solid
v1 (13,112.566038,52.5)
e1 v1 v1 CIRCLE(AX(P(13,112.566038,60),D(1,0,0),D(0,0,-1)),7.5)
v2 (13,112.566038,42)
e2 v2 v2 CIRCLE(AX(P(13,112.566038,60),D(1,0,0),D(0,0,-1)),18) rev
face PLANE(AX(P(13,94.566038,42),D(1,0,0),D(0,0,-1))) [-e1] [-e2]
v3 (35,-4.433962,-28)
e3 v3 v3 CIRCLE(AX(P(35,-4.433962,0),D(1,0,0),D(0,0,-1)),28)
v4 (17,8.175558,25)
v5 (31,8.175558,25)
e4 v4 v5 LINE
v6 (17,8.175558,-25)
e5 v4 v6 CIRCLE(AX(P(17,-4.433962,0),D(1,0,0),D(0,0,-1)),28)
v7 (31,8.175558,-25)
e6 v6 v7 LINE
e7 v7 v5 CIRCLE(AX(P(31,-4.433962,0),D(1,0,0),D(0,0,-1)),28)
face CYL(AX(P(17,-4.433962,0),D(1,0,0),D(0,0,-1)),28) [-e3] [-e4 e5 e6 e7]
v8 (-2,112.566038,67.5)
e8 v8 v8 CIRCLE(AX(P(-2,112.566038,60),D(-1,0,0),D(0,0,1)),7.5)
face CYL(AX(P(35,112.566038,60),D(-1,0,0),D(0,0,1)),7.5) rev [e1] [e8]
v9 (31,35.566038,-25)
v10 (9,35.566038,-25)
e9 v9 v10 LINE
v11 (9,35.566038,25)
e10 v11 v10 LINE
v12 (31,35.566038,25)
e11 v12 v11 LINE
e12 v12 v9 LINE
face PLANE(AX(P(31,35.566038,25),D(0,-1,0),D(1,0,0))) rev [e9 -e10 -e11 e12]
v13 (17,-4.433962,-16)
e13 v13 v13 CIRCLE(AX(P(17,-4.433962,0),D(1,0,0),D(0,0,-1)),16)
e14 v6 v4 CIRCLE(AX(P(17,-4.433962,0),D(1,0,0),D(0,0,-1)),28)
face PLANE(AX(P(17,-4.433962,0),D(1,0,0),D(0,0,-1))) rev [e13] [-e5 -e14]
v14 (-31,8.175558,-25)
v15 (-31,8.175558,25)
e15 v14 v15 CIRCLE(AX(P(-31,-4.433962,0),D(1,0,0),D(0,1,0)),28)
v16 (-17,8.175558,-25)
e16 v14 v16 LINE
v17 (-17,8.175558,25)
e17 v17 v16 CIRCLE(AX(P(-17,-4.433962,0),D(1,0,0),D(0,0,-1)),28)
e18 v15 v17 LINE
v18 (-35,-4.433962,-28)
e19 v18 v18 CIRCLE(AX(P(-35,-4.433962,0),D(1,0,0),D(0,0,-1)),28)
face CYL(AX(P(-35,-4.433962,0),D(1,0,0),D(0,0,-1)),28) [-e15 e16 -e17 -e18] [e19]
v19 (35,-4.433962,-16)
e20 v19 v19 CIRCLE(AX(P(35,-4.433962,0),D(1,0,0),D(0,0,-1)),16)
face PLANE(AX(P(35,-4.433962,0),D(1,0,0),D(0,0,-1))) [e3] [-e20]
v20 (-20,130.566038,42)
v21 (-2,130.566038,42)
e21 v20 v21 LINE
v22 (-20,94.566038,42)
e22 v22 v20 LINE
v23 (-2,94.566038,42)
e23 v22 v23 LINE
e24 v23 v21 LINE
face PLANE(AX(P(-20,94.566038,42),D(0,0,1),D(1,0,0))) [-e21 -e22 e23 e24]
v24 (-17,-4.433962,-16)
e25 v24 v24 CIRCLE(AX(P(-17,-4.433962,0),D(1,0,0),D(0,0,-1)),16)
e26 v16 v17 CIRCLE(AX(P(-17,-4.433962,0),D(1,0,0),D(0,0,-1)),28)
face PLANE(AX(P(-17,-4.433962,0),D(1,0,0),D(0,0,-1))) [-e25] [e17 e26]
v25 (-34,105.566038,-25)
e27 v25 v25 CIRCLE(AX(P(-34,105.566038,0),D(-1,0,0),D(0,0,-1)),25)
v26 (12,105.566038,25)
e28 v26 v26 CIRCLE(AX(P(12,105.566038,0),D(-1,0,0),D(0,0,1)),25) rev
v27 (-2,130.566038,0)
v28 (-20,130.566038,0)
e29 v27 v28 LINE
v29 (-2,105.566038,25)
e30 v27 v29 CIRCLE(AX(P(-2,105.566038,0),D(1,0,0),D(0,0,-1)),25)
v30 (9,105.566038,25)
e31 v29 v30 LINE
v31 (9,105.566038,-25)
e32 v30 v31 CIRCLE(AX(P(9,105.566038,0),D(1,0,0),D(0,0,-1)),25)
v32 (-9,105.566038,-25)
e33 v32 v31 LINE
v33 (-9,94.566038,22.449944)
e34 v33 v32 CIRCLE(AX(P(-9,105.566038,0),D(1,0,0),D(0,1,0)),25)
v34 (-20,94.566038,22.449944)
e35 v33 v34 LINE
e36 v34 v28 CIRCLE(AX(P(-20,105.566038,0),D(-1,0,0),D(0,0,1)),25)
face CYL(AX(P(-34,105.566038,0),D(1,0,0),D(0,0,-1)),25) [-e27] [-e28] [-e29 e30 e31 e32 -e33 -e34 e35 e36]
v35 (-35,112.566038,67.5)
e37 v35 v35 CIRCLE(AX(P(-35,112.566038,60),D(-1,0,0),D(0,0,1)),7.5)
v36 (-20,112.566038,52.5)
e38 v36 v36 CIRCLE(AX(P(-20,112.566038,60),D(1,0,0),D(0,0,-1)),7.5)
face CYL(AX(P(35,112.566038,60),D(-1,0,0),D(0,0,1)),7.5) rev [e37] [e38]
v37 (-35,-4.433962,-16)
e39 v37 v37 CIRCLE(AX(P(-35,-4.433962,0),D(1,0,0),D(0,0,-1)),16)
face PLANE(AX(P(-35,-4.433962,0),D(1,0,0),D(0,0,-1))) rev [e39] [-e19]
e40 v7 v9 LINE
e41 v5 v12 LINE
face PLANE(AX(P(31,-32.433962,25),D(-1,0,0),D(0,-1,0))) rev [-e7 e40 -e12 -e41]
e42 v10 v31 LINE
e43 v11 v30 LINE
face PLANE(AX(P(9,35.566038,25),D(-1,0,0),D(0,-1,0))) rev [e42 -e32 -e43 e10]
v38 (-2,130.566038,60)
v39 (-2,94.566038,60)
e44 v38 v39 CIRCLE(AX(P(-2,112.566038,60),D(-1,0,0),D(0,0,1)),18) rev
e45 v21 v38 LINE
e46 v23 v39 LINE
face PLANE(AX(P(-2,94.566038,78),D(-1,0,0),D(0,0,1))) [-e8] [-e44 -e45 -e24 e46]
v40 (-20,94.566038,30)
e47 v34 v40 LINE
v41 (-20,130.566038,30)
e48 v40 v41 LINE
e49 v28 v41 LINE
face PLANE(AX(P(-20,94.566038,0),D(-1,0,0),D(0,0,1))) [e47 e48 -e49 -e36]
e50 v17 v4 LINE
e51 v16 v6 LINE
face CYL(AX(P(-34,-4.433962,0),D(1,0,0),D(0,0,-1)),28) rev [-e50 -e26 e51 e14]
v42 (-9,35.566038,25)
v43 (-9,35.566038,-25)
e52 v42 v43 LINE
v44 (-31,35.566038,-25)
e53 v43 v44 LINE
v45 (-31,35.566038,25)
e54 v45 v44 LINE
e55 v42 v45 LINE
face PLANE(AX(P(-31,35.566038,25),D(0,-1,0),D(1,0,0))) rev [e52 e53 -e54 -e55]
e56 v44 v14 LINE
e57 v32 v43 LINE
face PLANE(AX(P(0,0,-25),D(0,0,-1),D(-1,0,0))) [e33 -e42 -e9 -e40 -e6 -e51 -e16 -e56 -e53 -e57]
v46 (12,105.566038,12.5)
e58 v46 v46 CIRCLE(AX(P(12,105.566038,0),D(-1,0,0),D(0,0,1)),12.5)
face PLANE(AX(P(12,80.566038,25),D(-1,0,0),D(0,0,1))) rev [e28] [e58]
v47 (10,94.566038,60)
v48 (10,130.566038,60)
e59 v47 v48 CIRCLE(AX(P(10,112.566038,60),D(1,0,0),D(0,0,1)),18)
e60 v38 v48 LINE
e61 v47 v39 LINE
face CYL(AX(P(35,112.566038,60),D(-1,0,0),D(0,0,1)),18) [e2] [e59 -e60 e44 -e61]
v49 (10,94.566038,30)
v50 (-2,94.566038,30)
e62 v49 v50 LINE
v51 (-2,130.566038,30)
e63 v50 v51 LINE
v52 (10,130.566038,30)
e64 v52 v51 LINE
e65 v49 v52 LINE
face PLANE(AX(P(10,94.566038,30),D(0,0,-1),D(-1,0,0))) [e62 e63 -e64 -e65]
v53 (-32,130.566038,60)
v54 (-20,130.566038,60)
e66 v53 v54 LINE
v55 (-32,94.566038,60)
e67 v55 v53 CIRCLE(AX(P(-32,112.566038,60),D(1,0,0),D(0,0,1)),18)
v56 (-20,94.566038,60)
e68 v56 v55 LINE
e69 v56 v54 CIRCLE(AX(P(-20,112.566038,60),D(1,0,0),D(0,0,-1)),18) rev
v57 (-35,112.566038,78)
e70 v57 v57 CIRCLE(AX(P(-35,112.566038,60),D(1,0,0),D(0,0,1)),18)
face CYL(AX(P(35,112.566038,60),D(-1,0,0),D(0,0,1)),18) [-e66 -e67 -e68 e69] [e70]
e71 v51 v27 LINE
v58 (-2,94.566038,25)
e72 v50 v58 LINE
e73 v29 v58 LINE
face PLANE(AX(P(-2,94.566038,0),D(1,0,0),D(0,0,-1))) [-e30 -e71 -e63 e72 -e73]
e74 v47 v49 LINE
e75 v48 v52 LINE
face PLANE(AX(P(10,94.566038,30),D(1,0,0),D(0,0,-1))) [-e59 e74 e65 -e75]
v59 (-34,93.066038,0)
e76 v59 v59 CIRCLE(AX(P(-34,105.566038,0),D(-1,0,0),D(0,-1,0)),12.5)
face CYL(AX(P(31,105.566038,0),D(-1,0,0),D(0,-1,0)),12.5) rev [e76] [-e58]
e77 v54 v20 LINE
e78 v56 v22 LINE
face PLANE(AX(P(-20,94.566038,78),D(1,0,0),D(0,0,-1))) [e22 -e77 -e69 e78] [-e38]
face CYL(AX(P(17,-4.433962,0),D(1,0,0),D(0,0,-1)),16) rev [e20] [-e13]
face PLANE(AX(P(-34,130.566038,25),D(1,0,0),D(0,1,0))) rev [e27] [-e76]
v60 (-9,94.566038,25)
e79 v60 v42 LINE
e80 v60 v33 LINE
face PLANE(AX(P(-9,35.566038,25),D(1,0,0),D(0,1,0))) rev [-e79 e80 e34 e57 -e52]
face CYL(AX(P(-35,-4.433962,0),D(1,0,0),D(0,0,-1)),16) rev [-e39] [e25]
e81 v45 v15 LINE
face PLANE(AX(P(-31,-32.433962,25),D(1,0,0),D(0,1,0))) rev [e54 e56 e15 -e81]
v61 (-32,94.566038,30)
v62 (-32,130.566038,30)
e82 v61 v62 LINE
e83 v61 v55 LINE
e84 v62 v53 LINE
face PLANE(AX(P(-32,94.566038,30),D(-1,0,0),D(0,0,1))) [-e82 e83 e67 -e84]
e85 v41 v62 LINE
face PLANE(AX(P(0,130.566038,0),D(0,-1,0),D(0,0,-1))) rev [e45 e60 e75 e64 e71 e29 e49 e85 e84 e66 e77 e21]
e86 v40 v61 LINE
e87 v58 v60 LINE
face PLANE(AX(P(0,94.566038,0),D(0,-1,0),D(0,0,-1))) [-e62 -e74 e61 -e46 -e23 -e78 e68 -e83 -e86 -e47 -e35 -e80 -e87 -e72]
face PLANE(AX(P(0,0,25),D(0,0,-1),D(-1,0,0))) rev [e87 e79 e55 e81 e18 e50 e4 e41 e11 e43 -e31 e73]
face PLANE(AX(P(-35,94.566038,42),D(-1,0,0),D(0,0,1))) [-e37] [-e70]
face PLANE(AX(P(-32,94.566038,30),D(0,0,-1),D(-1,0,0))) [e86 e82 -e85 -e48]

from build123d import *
from build123d.topology import SkipClean

# Parameters (mm, degrees)
BOSS_EXTRUDE1_DEPTH = 25
CUT_EXTRUDE1_DEPTH  = 148.978005832
CUT_EXTRUDE9_DEPTH  = 3
CUT_EXTRUDE10_START = -25
CUT_EXTRUDE10_DEPTH = 173.978005832
SKETCH6_3_R         = 12.5
CUT_EXTRUDE11_DEPTH = 148.978005832
BOSS_EXTRUDE2_START = 4
SKETCH7_R           = 28
SKETCH7_R_2         = 16
BOSS_EXTRUDE2_DEPTH = 18
LPATTERN1_COUNT     = 2
LPATTERN1_PITCH     = 52
BOSS_EXTRUDE3_DEPTH = 36
SKETCH9_R           = 12.5
CUT_EXTRUDE12_DEPTH = 168.010449404
CUT_EXTRUDE13_DEPTH = 168.426073866
CUT_EXTRUDE14_DEPTH = 3
LPATTERN2_COUNT     = 2
LPATTERN2_PITCH     = 45
SKETCH12_R          = 7.5
CUT_EXTRUDE15_DEPTH = 168.426073866


with BuildPart() as part:
    # Sketch2 → Boss-Extrude1 (new, symmetric)
    with BuildSketch(Plane.XY):
        Polygon((-1, -32.433962264), (31, -32.433962264), (31, 35.566037736), (9, 35.566037736), (9, 80.566037736), (12, 80.566037736), (12, 130.566037736), (0, 130.566037736), (-34, 130.566037736), (-34, 80.566037736), (-9, 80.566037736), (-9, 35.566037736), (-31, 35.566037736), (-31, -32.433962264), align=None)
    extrude(amount=BOSS_EXTRUDE1_DEPTH, both=True)

    # Sketch3 → Cut-Extrude1 (cut, through all)
    with BuildSketch(Plane(origin=(31, 0, 0), x_dir=(0, 0, -1), z_dir=(1, 0, 0))):
        with BuildLine():
            Line((-28, -4.433962264), (-30.641953589, -47.1115747))
            Line((-30.641953589, -47.1115747), (44.761332348, -47.1115747))
            Line((44.761332348, -47.1115747), (28, -4.433962264))
            ThreePointArc((28, -4.433962264), (0, 23.566037736), (-28, -4.433962264))
        make_face()
        with BuildLine():
            Line((-25, 105.566037736), (-43.623428006, 147.748377779))
            Line((-43.623428006, 147.748377779), (44.761332348, 142.473077281))
            Line((44.761332348, 142.473077281), (25, 105.566037736))
            ThreePointArc((25, 105.566037736), (0, 130.566037736), (-25, 105.566037736))
        make_face()
    extrude(amount=-CUT_EXTRUDE1_DEPTH, mode=Mode.SUBTRACT)

    # Sketch5 → Cut-Extrude9 (cut)
    with SkipClean():  # the faces are left unmerged after this step: merging them gives an invalid solid
        with BuildSketch(Plane(origin=(12, 0, 0), x_dir=(0, 0, -1), z_dir=(1, 0, 0))):
            with BuildLine():
                ThreePointArc((25, 105.566037736), (17.677669479, 87.888368155), (-1.45e-07, 80.566037736))
                Line((-1.45e-07, 80.566037736), (25, 80.566037736))
                Line((25, 80.566037736), (25, 105.566037736))
            make_face()
            with BuildLine():
                ThreePointArc((-1.45e-07, 80.566037736), (-17.677669581, 87.888368257), (-25, 105.566037736))
                Line((-25, 105.566037736), (-25, 80.566037736))
                Line((-25, 80.566037736), (-1.45e-07, 80.566037736))
            make_face()
        extrude(amount=-CUT_EXTRUDE9_DEPTH, mode=Mode.SUBTRACT)

    # Sketch6 → Cut-Extrude10 (cut, through all)
    with SkipClean():  # the faces are left unmerged after this step: merging them gives an invalid solid
        with BuildSketch(Plane.ZY.offset(34).offset(CUT_EXTRUDE10_START)):
            with BuildLine():
                Line((25, 80.566037736), (25, 105.566037736))
                ThreePointArc((25, 105.566037736), (17.6776695, 87.888368176), (-8.4e-08, 80.566037736))
                Line((-8.4e-08, 80.566037736), (25, 80.566037736))
            make_face()
            with BuildLine():
                ThreePointArc((-8.4e-08, 80.566037736), (-17.677669559, 87.888368236), (-25, 105.566037736))
                Line((-25, 105.566037736), (-25, 80.566037736))
                Line((-25, 80.566037736), (-8.4e-08, 80.566037736))
            make_face()
        extrude(amount=CUT_EXTRUDE10_DEPTH, mode=Mode.SUBTRACT)

    # Sketch6<3> → Cut-Extrude11 (cut, through all)
    with SkipClean():  # the faces are left unmerged after this step: merging them gives an invalid solid
        with BuildSketch(Plane.ZY.offset(34)):
            with Locations(Location((0, 105.566037736, 0), (0, 0, 270))):
                Circle(SKETCH6_3_R)
        extrude(amount=-CUT_EXTRUDE11_DEPTH, mode=Mode.SUBTRACT)

    # Sketch7 → Boss-Extrude2 (add)
    with SkipClean():  # the faces are left unmerged after this step: merging them gives an invalid solid
        with BuildSketch(Plane(origin=(31, 0, 0), x_dir=(0, 0, -1), z_dir=(1, 0, 0)).offset(BOSS_EXTRUDE2_START)):
            with Locations((0, -4.433962264)):
                Circle(SKETCH7_R)
            with Locations((0, -4.433962264)):
                Circle(SKETCH7_R_2, mode=Mode.SUBTRACT)
        boss_extrude2 = extrude(amount=-BOSS_EXTRUDE2_DEPTH)

    # LPattern1: Boss-Extrude2 ×2
    with SkipClean():  # the faces are left unmerged after this step: merging them gives an invalid solid
        with Locations(*[(-i * LPATTERN1_PITCH, 0, 0) for i in range(1, LPATTERN1_COUNT)]):
            add(boss_extrude2)

    # Sketch8 → Boss-Extrude3 (add)
    with SkipClean():  # the faces are left unmerged after this step: merging them gives an invalid solid
        with BuildSketch(Plane(origin=(0, 130.566037736, 0), x_dir=(1, 0, 0), z_dir=(0, 1, 0))):
            Polygon((-20, 0), (-2, 0), (-2, -30), (10, -30), (10, -42), (13, -42), (13, -78), (-2, -78), (-2, -42), (-20, -42), (-20, -78), (-35, -78), (-35, -42), (-32, -42), (-32, -30), (-20, -30), align=None)
        extrude(amount=-BOSS_EXTRUDE3_DEPTH)

    # Sketch9 → Cut-Extrude12 (cut, through all)
    with SkipClean():  # the faces are left unmerged after this step: merging them gives an invalid solid
        with BuildSketch(Plane.ZY.offset(34)):
            with Locations(Location((0, 105.566037736, 0), (0, 0, 270))):
                Circle(SKETCH9_R)
        extrude(amount=-CUT_EXTRUDE12_DEPTH, mode=Mode.SUBTRACT)

    # Sketch10 → Cut-Extrude13 (cut, through all)
    with SkipClean():  # the faces are left unmerged after this step: merging them gives an invalid solid
        with BuildSketch(Plane.ZY.offset(35)):
            with BuildLine():
                Line((60, 94.566037736), (99.579352657, 93.222301479))
                Line((99.579352657, 93.222301479), (99.579352657, 133.580048743))
                Line((99.579352657, 133.580048743), (60, 130.566037736))
                ThreePointArc((60, 130.566037736), (78, 112.566037736), (60, 94.566037736))
            make_face()
        extrude(amount=-CUT_EXTRUDE13_DEPTH, mode=Mode.SUBTRACT)

    # Sketch11 → Cut-Extrude14 (cut)
    with SkipClean():  # the faces are left unmerged after this step: merging them gives an invalid solid
        with BuildSketch(Plane.ZY.offset(35)):
            with BuildLine():
                Line((60, 130.566037736), (34.988350442, 136.05842118))
                Line((34.988350442, 136.05842118), (42, 90.490327212))
                Line((42, 90.490327212), (60, 94.566037736))
                ThreePointArc((60, 94.566037736), (42, 112.566037736), (60, 130.566037736))
            make_face()
        cut_extrude14 = extrude(amount=-CUT_EXTRUDE14_DEPTH, mode=Mode.SUBTRACT)

    # LPattern2: Cut-Extrude14 ×2
    with SkipClean():  # the faces are left unmerged after this step: merging them gives an invalid solid
        with Locations(*[(i * LPATTERN2_PITCH, 0, 0) for i in range(1, LPATTERN2_COUNT)]):
            add(cut_extrude14, mode=Mode.SUBTRACT)

    # Sketch12 → Cut-Extrude15 (cut, through all)
    with SkipClean():  # the faces are left unmerged after this step: merging them gives an invalid solid
        with BuildSketch(Plane.ZY.offset(35)):
            with Locations((60, 112.566037736)):
                Circle(SKETCH12_R)
        extrude(amount=-CUT_EXTRUDE15_DEPTH, mode=Mode.SUBTRACT)


solid = part.part
